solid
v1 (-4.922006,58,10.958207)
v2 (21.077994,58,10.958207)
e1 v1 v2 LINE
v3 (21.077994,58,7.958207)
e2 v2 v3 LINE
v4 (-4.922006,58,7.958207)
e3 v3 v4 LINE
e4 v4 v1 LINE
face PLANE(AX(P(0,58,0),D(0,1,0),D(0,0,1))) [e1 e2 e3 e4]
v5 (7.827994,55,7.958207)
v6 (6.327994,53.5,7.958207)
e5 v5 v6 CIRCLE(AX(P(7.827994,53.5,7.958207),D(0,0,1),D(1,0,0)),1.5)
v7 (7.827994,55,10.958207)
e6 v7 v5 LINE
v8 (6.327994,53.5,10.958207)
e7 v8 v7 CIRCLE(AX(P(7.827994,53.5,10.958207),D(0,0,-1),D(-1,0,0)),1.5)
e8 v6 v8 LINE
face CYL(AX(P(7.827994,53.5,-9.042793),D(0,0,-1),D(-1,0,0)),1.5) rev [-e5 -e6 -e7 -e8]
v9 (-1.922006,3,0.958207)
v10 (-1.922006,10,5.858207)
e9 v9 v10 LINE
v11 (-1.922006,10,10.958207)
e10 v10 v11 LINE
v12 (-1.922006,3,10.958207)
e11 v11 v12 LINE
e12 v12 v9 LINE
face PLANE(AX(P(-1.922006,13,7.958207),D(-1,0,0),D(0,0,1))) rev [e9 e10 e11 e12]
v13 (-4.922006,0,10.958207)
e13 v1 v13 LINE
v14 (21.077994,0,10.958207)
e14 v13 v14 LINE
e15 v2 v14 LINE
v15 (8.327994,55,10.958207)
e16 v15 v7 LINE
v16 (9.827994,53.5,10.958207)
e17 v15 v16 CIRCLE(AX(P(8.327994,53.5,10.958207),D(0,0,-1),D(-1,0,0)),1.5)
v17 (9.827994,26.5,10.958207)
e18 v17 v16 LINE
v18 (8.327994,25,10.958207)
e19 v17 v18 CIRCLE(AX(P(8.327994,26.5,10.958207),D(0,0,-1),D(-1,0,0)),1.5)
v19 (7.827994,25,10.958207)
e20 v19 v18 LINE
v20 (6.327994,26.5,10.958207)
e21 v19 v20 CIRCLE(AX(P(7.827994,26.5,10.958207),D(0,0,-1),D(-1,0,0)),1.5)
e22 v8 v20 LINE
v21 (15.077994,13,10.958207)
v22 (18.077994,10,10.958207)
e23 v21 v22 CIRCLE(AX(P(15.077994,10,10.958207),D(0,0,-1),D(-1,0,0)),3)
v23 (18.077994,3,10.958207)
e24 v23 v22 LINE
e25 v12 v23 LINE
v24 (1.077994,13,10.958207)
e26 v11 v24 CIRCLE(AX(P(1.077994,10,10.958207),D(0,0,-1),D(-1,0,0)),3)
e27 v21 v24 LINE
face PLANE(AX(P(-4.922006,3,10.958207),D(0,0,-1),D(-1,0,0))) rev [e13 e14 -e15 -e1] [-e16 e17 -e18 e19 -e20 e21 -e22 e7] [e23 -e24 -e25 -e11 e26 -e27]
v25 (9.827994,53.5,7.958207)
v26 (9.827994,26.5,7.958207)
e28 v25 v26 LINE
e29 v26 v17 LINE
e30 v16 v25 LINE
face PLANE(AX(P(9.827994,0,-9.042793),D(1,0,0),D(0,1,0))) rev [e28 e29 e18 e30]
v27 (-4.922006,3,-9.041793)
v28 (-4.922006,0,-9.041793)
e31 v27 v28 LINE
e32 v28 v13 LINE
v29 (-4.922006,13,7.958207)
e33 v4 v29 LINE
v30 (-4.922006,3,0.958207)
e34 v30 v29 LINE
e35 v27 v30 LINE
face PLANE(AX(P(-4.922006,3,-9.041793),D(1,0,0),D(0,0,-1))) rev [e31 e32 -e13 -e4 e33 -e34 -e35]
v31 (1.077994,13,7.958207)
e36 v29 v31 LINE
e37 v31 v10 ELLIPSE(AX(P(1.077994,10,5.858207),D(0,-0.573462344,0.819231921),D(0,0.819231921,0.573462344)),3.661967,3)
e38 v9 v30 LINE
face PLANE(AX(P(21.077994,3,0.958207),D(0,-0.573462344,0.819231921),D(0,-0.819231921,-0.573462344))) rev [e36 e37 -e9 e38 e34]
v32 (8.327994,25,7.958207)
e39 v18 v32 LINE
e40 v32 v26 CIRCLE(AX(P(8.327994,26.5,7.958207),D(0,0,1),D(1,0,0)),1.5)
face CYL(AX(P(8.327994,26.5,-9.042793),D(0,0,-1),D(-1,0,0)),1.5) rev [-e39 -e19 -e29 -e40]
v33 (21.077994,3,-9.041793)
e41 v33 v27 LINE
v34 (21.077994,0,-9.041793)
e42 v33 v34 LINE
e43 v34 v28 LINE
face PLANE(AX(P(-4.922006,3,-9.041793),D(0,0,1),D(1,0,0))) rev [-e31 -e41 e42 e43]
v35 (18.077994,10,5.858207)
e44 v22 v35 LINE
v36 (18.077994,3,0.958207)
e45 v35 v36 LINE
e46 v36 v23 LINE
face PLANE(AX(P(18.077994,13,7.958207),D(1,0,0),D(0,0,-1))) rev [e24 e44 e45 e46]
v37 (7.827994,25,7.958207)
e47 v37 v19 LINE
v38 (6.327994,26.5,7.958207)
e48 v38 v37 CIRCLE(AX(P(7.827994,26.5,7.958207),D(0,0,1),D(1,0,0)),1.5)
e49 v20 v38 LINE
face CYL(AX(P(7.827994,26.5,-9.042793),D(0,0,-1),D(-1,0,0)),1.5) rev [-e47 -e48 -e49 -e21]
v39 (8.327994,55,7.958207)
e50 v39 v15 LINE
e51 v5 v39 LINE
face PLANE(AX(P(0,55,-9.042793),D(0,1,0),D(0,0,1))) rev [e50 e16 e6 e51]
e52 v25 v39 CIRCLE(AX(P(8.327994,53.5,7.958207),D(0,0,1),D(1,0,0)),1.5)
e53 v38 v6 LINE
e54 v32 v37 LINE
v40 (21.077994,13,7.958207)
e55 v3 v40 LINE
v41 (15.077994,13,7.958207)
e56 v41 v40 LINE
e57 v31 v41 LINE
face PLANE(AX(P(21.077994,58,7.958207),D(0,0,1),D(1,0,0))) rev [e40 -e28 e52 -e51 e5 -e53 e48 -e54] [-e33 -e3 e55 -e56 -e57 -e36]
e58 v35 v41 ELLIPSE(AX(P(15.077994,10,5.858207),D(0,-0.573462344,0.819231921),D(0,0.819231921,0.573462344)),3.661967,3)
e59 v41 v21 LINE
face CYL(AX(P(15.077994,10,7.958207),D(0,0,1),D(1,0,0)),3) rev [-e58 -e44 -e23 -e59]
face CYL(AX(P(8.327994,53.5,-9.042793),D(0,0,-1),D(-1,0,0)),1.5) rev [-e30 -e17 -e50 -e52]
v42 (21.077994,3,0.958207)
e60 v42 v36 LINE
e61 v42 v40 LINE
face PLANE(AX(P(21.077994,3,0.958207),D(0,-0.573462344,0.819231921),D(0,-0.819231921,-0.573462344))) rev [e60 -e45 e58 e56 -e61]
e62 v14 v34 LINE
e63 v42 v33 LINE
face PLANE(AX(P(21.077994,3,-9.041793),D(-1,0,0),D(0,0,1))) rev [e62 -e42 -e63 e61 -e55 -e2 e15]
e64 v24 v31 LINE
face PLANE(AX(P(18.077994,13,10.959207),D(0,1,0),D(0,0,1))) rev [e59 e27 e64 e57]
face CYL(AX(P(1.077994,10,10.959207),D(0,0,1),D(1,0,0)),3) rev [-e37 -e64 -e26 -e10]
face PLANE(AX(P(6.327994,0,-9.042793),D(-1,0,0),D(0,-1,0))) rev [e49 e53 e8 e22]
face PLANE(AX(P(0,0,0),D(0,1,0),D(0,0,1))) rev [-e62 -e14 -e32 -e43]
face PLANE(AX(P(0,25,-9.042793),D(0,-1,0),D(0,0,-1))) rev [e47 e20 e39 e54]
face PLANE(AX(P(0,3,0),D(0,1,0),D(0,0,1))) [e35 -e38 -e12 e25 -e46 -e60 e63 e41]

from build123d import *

# Parameters (mm, degrees)
ESBO_O1_W                = 26
ESBO_O1_H                = 20
RESSALTO_EXTRUS_O1_DEPTH = 3
ESBO_O2_W                = 26
ESBO_O2_H                = 3
RESSALTO_EXTRUS_O2_DEPTH = 55
ESBO_O3_W                = 3
ESBO_O3_H                = 7
RESSALTO_EXTRUS_O3_DEPTH = 10
CORTE_EXTRUS_O1_DEPTH    = 65.498700042
CORTE_EXTRUS_O2_REACH    = 66.01
ESBO_O6_W                = 20
ESBO_O6_H                = 10
FILETE1_R                = 3
CORTE_EXTRUS_O3_REACH    = 66.871
ESBO_O7_W                = 1.75
ESBO_O7_H                = 30
FILETE2_R                = 1.5


with BuildPart() as part:
    # Esboço1 → Ressalto-extrusão1 (new body)
    with BuildSketch(Plane(origin=(0, 0, 0), x_dir=(1, 0, 0), z_dir=(0, 1, 0))):
        with Locations((8.077993659, -0.958207295)):
            Rectangle(ESBO_O1_W, ESBO_O1_H)
    extrude(amount=RESSALTO_EXTRUS_O1_DEPTH)

    # Esboço2 → Ressalto-extrusão2 (add)
    with BuildSketch(Plane(origin=(0, 3, 0), x_dir=(1, 0, 0), z_dir=(0, 1, 0))):
        with Locations((8.077993659, -9.458207295)):
            Rectangle(ESBO_O2_W, ESBO_O2_H)
    extrude(amount=RESSALTO_EXTRUS_O2_DEPTH)

    # Esboço3 → Ressalto-extrusão3 (add)
    with BuildSketch(Plane(origin=(0, 3, 0), x_dir=(1, 0, 0), z_dir=(0, 1, 0))):
        with Locations((19.577993659, -4.458207295)):
            Rectangle(ESBO_O3_W, ESBO_O3_H)
        with Locations((-3.422006341, -4.458207295)):
            Rectangle(ESBO_O3_W, ESBO_O3_H)
    extrude(amount=RESSALTO_EXTRUS_O3_DEPTH)

    # Esboço4 → Corte-extrusão1 (cut, through all)
    with BuildSketch(Plane.ZY.offset(4.922006341)):
        Polygon((0.958207295, 3), (7.958207295, 13), (0.958207295, 13), align=None)
    extrude(amount=-CORTE_EXTRUS_O1_DEPTH, mode=Mode.SUBTRACT)

    # Esboço6 → Corte-extrusão2 (cut, up to next)
    with BuildSketch(Plane(origin=(0, 0, 7.958207295), x_dir=(-1, 0, 0), z_dir=(0, 0, -1)), mode=Mode.PRIVATE) as corte_extrus_o2_sk1:
        with Locations((-8.077993659, 8)):
            Rectangle(ESBO_O6_W, ESBO_O6_H)
    corte_extrus_o2_tool1 = extrude(corte_extrus_o2_sk1.sketch, amount=-CORTE_EXTRUS_O2_REACH, mode=Mode.PRIVATE) & part.part
    add(corte_extrus_o2_tool1.solids().sort_by_distance((8.077994, 8, 7.958207))[0], mode=Mode.SUBTRACT)

    # Filete1
    filete1_edges = [part.edges().sort_by_distance(p)[0] for p in [
        (18.077993659, 13, 9.458207295),
        (-1.922006341, 13, 9.458207295),
    ]]
    fillet(filete1_edges, radius=FILETE1_R)

    # Esboço7 → Corte-extrusão3 (cut, up to next)
    with BuildSketch(Plane.XY.offset(10.958207295), mode=Mode.PRIVATE) as corte_extrus_o3_sk1:
        with Locations((7.202993659, 40)):
            Rectangle(ESBO_O7_W, ESBO_O7_H)
    corte_extrus_o3_tool1 = extrude(corte_extrus_o3_sk1.sketch, amount=-CORTE_EXTRUS_O3_REACH, mode=Mode.PRIVATE) & part.part
    # Esboço7 → Corte-extrusão3 (cut, up to next)
    with BuildSketch(Plane.XY.offset(10.958207295), mode=Mode.PRIVATE) as corte_extrus_o3_sk2:
        with Locations((8.952993659, 40)):
            Rectangle(ESBO_O7_W, ESBO_O7_H)
    corte_extrus_o3_tool2 = extrude(corte_extrus_o3_sk2.sketch, amount=-CORTE_EXTRUS_O3_REACH, mode=Mode.PRIVATE) & part.part
    add(corte_extrus_o3_tool1.solids().sort_by_distance((7.202994, 40, 10.958207))[0], mode=Mode.SUBTRACT)
    add(corte_extrus_o3_tool2.solids().sort_by_distance((8.952994, 40, 10.958207))[0], mode=Mode.SUBTRACT)

    # Filete2
    filete2_edges = [part.edges().sort_by_distance(p)[0] for p in [
        (9.827993659, 25, 9.458207295),
        (6.327993659, 25, 9.458207295),
        (6.327993659, 55, 9.458207295),
        (9.827993659, 55, 9.458207295),
    ]]
    fillet(filete2_edges, radius=FILETE2_R)


solid = part.part
